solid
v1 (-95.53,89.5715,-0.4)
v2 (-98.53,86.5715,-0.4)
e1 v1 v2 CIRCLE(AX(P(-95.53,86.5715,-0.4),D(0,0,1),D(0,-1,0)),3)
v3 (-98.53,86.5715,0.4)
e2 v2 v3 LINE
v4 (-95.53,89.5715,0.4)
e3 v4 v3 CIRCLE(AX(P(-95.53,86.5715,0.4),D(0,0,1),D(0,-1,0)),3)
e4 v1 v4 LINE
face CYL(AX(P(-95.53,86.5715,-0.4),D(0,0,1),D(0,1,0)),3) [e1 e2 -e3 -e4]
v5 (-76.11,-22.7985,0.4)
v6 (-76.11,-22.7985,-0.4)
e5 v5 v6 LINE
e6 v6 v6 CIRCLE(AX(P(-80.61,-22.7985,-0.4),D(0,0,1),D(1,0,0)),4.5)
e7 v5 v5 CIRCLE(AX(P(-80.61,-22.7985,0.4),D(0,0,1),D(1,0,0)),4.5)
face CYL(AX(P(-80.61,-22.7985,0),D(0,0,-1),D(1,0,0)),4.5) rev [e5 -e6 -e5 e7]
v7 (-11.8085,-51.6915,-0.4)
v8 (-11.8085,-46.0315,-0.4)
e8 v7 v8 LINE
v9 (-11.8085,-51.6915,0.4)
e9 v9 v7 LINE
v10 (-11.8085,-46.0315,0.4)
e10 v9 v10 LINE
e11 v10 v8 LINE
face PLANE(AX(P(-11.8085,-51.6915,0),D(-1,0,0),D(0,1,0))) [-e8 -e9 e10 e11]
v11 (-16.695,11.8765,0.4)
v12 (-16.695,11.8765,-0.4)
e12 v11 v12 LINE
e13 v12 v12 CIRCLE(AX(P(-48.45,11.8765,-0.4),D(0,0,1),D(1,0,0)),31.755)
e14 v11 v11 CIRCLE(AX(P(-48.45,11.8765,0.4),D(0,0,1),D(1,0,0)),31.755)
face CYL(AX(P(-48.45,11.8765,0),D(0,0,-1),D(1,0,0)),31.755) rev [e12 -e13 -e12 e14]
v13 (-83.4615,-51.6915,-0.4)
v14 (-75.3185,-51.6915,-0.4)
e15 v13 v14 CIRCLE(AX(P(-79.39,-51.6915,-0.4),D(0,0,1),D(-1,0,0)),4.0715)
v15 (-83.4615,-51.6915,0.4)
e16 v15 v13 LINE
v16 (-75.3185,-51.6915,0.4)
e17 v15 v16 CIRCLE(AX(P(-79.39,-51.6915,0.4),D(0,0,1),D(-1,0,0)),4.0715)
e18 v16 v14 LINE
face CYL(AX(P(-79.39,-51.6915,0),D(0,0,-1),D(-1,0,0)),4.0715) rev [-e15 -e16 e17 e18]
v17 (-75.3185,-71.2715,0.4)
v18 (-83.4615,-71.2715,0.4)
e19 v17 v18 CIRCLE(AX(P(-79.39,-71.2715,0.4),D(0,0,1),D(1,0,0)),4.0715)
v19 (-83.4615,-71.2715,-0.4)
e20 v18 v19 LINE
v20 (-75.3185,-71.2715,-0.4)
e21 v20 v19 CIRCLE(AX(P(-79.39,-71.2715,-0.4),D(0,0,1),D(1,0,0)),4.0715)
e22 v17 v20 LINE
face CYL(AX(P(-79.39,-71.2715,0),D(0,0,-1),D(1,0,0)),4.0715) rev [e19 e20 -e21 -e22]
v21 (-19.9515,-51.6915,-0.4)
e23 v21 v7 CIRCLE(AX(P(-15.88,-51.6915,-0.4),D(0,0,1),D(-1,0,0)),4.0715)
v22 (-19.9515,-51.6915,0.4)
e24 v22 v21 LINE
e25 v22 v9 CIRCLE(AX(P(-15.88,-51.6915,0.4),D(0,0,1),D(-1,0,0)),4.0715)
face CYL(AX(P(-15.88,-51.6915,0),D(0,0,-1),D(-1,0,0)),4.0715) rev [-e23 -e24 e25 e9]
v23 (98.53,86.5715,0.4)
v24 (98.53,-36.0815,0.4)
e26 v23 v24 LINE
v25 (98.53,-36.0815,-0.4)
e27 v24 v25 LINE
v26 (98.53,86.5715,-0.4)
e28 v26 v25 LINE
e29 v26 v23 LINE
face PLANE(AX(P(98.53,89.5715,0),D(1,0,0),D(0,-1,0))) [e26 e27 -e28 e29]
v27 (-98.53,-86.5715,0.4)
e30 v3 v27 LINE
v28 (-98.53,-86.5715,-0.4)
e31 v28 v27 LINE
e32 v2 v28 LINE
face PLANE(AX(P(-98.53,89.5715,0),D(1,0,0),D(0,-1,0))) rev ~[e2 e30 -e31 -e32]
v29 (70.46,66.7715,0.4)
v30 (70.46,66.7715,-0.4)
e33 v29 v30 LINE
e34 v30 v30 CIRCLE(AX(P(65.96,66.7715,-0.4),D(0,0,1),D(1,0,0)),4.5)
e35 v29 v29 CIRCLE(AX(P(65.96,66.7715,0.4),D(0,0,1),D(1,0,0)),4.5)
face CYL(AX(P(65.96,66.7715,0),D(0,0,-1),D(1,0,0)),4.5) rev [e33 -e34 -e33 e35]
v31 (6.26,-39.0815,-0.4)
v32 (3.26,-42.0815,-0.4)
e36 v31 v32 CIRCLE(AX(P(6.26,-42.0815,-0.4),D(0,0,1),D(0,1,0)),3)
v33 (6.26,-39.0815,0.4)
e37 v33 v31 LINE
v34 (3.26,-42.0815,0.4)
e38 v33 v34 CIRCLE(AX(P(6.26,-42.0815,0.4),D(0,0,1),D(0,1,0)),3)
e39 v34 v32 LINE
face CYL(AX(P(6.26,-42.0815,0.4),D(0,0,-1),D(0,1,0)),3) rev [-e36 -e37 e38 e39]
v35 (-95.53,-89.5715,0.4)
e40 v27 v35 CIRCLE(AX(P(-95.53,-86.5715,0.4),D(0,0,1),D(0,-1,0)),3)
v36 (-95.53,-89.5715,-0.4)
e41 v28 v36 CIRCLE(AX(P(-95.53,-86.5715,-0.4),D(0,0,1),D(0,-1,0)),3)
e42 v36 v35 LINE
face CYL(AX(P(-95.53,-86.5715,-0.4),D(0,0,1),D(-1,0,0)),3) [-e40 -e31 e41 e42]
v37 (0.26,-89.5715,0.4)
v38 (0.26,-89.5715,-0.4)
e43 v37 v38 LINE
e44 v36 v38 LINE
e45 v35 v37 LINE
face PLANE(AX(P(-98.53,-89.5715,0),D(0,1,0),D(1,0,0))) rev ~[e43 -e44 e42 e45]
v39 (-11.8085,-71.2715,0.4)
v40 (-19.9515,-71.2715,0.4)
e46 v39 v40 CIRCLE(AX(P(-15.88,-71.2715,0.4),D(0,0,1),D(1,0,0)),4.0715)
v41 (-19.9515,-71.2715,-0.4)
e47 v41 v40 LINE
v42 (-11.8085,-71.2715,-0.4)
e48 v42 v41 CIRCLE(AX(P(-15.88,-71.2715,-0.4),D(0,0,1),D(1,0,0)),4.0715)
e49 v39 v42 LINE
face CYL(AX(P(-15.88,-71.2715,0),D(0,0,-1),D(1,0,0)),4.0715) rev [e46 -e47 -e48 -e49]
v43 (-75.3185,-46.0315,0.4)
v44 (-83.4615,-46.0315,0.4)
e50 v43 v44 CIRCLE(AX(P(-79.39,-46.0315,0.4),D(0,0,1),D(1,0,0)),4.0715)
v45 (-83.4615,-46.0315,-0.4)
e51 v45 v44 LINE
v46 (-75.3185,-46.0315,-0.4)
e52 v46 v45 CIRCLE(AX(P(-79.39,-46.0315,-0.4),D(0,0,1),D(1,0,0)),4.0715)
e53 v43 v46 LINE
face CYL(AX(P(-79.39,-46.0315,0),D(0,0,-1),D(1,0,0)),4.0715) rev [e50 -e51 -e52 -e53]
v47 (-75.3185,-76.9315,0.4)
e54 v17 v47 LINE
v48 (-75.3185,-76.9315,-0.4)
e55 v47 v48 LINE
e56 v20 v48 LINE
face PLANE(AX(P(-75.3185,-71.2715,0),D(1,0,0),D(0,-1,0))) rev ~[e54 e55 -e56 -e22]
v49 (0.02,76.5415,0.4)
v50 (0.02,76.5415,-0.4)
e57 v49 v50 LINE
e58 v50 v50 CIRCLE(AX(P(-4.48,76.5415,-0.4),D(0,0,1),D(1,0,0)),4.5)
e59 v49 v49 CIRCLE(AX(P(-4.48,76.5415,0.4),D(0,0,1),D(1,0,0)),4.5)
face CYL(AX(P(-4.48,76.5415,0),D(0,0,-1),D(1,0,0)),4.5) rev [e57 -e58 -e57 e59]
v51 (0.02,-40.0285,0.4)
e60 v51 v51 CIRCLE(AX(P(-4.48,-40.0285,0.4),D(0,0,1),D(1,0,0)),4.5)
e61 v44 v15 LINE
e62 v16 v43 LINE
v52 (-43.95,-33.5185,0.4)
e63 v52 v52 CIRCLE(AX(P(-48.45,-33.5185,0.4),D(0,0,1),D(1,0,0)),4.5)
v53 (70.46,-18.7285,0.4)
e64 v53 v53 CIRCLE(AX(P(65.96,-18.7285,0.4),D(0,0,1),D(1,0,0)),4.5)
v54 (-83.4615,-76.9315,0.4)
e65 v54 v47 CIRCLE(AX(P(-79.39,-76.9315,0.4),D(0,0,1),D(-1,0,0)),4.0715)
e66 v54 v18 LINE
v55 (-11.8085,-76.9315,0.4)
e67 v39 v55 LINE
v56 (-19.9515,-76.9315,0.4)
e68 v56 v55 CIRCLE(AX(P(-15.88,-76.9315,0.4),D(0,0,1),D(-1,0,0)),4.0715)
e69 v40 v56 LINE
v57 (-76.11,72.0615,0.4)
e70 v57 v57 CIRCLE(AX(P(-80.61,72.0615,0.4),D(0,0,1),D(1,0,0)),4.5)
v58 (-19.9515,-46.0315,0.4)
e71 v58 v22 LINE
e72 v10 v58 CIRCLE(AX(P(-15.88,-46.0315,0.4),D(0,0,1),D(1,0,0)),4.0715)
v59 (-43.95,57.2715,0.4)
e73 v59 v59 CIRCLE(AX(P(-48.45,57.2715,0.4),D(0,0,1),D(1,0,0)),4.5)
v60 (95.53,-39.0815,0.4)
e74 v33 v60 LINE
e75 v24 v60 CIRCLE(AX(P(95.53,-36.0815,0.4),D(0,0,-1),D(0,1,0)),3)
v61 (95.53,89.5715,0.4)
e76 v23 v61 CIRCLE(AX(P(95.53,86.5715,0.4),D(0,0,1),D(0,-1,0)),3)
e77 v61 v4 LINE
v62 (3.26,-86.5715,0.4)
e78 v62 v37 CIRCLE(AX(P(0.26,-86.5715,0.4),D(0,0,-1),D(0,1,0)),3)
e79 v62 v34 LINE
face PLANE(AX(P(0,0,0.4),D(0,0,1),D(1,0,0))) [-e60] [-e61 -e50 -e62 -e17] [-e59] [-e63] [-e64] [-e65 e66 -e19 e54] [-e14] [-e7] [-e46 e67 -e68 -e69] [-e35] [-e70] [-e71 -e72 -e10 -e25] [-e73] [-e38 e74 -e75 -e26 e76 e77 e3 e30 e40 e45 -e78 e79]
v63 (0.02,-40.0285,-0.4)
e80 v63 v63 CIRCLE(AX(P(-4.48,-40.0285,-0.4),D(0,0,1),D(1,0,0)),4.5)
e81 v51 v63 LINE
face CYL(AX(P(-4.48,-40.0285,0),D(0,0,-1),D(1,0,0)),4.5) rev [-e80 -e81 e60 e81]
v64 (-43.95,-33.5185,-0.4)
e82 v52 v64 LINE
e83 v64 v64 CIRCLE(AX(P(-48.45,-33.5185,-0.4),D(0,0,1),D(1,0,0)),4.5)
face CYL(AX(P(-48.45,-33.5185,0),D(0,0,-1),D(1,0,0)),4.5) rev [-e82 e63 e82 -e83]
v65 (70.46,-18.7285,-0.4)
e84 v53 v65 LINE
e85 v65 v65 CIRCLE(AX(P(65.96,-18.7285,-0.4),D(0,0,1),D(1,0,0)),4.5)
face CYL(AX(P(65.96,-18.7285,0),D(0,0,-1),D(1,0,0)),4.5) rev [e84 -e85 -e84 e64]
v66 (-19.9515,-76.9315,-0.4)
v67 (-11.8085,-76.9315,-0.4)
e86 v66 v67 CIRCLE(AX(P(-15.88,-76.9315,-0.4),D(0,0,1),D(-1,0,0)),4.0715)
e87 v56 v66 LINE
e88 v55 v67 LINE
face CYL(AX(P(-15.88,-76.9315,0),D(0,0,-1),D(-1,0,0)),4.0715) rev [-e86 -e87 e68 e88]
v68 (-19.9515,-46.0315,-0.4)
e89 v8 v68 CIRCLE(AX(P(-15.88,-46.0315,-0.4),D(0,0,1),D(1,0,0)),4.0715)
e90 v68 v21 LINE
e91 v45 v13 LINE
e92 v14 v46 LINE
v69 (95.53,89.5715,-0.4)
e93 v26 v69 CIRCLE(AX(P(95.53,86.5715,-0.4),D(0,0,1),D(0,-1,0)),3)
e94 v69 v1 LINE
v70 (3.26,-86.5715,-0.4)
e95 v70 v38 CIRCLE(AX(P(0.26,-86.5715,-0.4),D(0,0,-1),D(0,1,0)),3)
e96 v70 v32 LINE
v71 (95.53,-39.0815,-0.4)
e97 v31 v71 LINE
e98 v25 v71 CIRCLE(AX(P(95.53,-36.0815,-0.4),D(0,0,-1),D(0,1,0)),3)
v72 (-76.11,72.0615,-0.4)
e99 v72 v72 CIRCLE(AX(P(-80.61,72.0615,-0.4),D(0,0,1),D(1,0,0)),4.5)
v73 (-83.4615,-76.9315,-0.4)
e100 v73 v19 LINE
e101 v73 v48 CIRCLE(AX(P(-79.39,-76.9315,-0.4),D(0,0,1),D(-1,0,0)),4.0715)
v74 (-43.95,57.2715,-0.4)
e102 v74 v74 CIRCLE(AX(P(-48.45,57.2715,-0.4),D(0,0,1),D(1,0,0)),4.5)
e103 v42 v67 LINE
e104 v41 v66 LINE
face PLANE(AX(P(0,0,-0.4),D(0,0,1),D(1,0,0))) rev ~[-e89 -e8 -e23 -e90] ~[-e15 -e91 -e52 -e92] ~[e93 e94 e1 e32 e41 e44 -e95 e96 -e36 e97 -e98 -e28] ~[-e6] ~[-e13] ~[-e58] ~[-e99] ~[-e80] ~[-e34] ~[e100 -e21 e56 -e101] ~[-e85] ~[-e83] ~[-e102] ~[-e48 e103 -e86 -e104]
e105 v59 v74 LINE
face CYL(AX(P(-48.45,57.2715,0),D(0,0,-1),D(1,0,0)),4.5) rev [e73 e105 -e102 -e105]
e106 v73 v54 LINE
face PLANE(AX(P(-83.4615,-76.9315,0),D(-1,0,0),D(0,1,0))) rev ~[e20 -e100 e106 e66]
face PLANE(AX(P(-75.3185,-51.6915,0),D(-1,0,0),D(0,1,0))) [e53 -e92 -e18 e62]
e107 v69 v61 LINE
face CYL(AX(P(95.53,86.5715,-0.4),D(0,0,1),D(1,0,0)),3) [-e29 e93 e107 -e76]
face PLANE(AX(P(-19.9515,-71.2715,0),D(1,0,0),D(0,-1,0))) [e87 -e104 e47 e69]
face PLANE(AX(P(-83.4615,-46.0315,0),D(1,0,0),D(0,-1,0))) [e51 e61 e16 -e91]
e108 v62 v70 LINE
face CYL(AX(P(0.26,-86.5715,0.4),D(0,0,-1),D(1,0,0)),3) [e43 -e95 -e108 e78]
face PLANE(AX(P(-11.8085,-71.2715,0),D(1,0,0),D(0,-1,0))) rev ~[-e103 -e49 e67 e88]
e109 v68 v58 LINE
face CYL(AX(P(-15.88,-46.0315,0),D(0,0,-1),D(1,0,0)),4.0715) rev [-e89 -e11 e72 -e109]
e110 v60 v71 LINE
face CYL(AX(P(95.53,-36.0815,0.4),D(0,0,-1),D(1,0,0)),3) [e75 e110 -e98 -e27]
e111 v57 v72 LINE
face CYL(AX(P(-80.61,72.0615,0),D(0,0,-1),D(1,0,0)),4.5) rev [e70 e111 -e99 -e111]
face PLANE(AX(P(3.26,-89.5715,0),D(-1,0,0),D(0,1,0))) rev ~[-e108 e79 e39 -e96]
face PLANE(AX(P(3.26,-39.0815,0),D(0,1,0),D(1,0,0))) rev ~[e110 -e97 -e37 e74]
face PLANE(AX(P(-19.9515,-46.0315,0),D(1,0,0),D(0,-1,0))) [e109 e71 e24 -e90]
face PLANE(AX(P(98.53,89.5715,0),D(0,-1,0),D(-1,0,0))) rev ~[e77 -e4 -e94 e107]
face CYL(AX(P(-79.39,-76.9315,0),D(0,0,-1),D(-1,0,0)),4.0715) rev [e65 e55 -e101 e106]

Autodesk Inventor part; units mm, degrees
ref_plane "YZ Plane" through (0, 0, 0) normal (1, 0, 0) x (0, 1, 0)
ref_plane "XZ Plane" through (0, 0, 0) normal (0, 1, 0) x (-1, 0, 0)
ref_plane "XY Plane" through (0, 0, 0) normal (0, 0, 1) x (1, 0, 0)
sketch "Boceto1" plane through (0, 0, 0) normal (0, 0, 1) x (1, 0, 0)
  line L0 (98.53, 89.5715) -> (-98.53, 89.5715)
  line L1 (-98.53, -89.5715) -> (98.53, 89.5715) construction
  line L2 (98.53, -89.5715) -> (-98.53, 89.5715) construction
  line L3 (3.26, -89.5715) -> (3.26, -39.0815)
  line L4 (3.26, -39.0815) -> (98.53, -39.0815)
  line L5 (98.53, 89.5715) -> (98.53, -39.0815)
  circle A0 centre (65.96, 66.7715) radius 4.5
  circle A1 centre (65.96, -18.7285) radius 4.5
  circle A2 centre (-80.61, 72.0615) radius 4.5
  circle A3 centre (-4.48, 76.5415) radius 4.5
  circle A4 centre (-80.61, -22.7985) radius 4.5
  circle A5 centre (-4.48, -40.0285) radius 4.5
  circle A6 centre (-48.45, -33.5185) radius 4.5
  circle A7 centre (-48.45, 57.2715) radius 4.5
  circle A8 centre (-48.45, 11.8765) radius 31.755
  line L6 (-83.4615, -46.0315) -> (-83.4615, -51.6915)
  line L7 (-75.3185, -51.6915) -> (-75.3185, -46.0315)
  line L8 (-83.4615, -76.9315) -> (-83.4615, -71.2715)
  line L9 (-75.3185, -71.2715) -> (-75.3185, -76.9315)
  arc A9 (-75.3185, -46.0315) -> (-83.4615, -46.0315) centre (-79.39, -46.0315) ccw
  arc A10 (-83.4615, -51.6915) -> (-75.3185, -51.6915) centre (-79.39, -51.6915) ccw
  arc A11 (-75.3185, -71.2715) -> (-83.4615, -71.2715) centre (-79.39, -71.2715) ccw
  arc A12 (-83.4615, -76.9315) -> (-75.3185, -76.9315) centre (-79.39, -76.9315) ccw
  line L10 (-19.9515, -46.0315) -> (-19.9515, -51.6915)
  line L11 (-11.8085, -51.6915) -> (-11.8085, -46.0315)
  line L12 (-19.9515, -71.2715) -> (-19.9515, -76.9315)
  line L13 (-11.8085, -71.2715) -> (-11.8085, -76.9315)
  arc A13 (-11.8085, -46.0315) -> (-19.9515, -46.0315) centre (-15.88, -46.0315) ccw
  arc A14 (-19.9515, -51.6915) -> (-11.8085, -51.6915) centre (-15.88, -51.6915) ccw
  arc A15 (-11.8085, -71.2715) -> (-19.9515, -71.2715) centre (-15.88, -71.2715) ccw
  arc A16 (-19.9515, -76.9315) -> (-11.8085, -76.9315) centre (-15.88, -76.9315) ccw
  line L14 (-98.53, 89.5715) -> (-98.53, -89.5715)
  line L15 (-98.53, -89.5715) -> (3.26, -89.5715)
  point P0 (0, 0)
  dimension "d6" = 9
  dimension "d8" = 9
  dimension "d13" = 9
  dimension "d14" = 9
  dimension "d18" = 9
  dimension "d19" = 9
  dimension "d22" = 9
  dimension "d24" = 9
  dimension "d26" = 63.51
extrude "Extrusión1" add sketch "Boceto1" along normal mid plane 0.8
fillet "Empalme1" radius 3 6 edges at (98.53, 89.5715, 0) (98.53, -39.0815, 0) (3.26, -89.5715, 0) (3.26, -39.0815, 0) (-98.53, -89.5715, 0) (-98.53, 89.5715, 0)
